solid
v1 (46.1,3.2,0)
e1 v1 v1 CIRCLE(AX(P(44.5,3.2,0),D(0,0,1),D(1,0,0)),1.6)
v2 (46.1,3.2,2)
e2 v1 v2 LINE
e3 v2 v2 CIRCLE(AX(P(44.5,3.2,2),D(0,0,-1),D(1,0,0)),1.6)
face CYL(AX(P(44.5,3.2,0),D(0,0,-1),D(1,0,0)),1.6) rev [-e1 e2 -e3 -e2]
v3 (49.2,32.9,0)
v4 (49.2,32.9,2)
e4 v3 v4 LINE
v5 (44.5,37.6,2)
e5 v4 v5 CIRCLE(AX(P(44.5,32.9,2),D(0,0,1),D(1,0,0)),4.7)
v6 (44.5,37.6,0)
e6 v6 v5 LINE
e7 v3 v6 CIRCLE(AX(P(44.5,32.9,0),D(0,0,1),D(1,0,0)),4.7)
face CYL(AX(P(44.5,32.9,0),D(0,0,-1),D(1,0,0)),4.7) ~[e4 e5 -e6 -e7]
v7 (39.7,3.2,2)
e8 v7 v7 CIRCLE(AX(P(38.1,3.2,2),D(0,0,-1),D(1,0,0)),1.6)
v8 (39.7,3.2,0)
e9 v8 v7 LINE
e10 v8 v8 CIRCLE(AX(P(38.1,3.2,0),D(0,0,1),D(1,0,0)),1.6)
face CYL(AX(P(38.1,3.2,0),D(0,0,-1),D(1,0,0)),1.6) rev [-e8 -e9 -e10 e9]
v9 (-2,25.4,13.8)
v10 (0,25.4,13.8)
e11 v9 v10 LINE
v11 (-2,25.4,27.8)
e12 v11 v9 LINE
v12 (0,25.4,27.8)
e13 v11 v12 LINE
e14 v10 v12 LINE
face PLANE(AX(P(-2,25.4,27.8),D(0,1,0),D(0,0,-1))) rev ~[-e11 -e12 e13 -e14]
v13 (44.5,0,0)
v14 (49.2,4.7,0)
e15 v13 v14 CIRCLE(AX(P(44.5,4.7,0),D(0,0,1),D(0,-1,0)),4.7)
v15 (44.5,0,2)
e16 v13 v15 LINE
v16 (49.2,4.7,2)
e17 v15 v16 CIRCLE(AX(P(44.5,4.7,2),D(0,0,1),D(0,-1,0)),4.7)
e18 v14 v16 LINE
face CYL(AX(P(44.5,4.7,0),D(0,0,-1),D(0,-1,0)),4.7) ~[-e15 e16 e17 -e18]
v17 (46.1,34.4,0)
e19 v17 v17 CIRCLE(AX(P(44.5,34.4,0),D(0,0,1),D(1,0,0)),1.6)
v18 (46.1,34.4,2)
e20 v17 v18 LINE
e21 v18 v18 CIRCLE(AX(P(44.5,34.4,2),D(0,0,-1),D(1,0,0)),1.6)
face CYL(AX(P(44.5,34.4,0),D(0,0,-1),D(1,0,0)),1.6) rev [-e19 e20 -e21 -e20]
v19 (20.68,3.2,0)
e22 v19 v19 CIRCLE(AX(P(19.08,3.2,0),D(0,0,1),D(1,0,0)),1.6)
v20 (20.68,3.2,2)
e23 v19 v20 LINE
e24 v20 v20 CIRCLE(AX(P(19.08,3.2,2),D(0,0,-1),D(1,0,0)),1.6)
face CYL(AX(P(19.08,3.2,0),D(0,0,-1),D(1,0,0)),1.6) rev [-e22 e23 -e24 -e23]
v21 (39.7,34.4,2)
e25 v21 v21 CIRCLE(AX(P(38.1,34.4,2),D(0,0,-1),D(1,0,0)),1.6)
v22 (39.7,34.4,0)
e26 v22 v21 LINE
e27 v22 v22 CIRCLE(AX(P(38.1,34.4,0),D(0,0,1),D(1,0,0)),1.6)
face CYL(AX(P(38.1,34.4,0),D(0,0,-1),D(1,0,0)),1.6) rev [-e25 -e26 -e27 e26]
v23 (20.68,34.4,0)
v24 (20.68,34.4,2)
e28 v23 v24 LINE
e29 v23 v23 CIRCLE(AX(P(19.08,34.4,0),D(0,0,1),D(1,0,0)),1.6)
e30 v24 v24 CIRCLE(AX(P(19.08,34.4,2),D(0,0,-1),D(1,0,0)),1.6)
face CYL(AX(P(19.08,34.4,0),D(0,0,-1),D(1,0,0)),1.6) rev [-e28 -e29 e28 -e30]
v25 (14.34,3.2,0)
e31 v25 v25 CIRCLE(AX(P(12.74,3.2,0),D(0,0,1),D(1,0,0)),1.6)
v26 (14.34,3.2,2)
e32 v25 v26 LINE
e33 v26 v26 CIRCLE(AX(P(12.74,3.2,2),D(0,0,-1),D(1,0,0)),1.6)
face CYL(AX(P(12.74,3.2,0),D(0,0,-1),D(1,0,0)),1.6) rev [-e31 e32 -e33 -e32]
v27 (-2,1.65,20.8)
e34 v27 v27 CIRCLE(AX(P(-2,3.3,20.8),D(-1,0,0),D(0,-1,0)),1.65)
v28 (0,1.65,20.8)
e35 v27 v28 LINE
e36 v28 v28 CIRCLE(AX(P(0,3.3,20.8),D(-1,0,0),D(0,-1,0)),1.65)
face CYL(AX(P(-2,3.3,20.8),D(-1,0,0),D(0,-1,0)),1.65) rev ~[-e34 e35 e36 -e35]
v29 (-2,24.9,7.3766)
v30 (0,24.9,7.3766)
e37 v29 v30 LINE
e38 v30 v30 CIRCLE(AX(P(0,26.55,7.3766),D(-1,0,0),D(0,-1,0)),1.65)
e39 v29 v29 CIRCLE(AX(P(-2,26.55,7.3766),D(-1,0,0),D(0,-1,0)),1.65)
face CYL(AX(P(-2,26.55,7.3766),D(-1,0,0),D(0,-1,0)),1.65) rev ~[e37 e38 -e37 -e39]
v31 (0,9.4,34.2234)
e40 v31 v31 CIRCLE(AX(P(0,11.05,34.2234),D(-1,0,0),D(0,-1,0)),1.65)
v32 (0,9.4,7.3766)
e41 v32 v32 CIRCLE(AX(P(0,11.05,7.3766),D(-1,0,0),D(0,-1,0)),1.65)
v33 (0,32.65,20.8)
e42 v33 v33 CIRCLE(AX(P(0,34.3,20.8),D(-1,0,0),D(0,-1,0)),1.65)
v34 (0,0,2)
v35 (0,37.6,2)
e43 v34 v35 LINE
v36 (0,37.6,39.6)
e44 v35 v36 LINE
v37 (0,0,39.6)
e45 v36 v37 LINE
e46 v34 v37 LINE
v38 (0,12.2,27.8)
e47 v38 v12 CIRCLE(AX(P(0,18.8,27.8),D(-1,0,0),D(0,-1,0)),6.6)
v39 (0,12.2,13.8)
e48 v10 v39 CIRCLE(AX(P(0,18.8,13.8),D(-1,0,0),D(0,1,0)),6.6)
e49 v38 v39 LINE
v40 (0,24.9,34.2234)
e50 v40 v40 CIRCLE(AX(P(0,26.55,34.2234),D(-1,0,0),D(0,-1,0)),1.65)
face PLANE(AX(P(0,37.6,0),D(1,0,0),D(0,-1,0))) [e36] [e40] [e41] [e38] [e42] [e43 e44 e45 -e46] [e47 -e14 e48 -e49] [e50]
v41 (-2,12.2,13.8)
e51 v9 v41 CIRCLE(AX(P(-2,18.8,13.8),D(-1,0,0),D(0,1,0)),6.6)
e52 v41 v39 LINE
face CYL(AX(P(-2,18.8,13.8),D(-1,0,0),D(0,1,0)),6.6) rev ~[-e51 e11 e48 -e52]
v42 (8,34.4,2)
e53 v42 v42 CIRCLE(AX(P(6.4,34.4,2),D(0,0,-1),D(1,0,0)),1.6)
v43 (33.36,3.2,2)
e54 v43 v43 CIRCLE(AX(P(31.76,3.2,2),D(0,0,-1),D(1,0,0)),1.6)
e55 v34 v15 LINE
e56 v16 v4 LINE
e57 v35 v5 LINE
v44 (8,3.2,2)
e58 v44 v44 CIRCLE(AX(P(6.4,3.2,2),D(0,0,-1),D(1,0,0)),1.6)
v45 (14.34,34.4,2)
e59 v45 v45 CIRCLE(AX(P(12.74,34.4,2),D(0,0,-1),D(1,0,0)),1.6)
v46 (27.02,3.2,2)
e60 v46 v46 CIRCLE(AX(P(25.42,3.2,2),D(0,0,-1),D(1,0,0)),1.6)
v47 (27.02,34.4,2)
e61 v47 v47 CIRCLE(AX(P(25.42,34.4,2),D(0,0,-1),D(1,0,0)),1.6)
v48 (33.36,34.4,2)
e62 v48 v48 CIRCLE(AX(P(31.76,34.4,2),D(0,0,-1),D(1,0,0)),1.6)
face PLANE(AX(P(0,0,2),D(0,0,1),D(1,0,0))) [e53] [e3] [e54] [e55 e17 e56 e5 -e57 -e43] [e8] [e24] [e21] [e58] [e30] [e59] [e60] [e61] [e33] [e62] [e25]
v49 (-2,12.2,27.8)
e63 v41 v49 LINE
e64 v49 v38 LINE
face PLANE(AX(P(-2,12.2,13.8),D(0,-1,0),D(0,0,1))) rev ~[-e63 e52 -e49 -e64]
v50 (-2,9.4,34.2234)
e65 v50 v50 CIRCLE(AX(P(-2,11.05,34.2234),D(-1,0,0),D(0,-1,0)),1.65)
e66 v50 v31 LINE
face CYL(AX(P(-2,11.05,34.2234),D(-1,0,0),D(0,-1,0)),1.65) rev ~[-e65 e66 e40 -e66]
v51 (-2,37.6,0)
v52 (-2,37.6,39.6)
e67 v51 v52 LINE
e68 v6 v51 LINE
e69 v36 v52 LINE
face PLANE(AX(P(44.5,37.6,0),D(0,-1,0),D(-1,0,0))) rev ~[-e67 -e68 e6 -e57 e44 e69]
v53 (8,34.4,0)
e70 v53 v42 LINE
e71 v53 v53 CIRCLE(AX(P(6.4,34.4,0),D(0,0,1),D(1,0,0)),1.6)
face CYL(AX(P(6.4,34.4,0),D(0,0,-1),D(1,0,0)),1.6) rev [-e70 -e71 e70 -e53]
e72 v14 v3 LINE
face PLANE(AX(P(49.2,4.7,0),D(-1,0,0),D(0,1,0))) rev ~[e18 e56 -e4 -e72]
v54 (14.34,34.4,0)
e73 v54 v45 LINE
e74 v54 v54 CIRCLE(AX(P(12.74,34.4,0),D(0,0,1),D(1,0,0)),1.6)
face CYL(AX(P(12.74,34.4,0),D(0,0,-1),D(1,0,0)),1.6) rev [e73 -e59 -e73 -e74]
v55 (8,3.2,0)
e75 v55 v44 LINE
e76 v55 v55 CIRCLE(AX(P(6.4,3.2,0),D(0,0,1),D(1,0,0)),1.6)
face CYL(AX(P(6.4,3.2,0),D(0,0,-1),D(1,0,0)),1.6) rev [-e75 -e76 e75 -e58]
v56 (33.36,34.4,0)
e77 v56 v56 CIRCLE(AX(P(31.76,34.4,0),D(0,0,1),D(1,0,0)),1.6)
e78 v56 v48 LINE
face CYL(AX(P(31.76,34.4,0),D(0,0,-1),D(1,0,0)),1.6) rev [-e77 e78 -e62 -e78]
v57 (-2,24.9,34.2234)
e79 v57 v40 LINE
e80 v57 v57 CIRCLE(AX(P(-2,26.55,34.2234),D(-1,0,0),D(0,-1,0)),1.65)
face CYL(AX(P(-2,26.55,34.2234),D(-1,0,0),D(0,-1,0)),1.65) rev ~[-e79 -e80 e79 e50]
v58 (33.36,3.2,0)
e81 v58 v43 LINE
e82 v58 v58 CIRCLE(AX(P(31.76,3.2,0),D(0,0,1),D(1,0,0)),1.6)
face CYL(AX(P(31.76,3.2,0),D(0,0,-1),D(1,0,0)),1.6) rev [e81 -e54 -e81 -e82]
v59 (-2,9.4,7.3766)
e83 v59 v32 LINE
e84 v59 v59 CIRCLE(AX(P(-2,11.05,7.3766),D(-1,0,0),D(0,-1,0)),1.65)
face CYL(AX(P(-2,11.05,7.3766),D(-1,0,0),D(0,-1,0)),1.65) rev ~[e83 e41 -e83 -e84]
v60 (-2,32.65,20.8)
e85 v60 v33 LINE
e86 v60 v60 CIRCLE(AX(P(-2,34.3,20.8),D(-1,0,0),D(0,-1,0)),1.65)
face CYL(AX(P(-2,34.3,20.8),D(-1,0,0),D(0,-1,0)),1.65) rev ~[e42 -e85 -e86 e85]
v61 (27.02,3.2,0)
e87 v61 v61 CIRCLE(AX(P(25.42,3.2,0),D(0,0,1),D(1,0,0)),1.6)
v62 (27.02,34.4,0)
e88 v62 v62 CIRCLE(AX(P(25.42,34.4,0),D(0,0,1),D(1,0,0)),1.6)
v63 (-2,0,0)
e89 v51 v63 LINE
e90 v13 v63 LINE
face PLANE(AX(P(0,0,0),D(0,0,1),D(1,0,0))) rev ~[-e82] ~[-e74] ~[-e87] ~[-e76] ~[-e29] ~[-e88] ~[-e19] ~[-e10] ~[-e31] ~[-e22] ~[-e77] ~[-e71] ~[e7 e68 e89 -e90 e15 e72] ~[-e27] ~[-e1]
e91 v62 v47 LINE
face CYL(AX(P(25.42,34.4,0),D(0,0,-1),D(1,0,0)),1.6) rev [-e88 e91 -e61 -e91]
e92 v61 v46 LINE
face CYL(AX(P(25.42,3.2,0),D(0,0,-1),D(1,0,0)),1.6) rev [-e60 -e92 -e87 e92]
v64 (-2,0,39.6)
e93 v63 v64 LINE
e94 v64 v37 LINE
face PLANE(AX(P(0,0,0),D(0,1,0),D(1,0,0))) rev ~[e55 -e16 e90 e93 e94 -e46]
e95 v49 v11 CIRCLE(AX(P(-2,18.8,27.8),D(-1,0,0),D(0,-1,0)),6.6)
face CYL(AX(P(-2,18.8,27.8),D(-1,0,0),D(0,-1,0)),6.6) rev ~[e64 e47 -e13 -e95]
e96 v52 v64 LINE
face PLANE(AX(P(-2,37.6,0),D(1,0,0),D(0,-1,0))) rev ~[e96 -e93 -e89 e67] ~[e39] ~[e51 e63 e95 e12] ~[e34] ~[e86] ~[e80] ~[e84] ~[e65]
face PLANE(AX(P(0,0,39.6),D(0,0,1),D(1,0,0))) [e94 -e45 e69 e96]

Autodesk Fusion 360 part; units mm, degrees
sketch "Esquisse1" plane through (0, 0, 0) normal (0, 0, 1) x (1, 0, 0)
  line L0 (0, 0) -> (44.5, 0)
  line L1 (49.2, 4.7) -> (49.2, 32.9)
  line L2 (44.5, 37.6) -> (0, 37.6)
  line L3 (0, 37.6) -> (0, 0)
  line L4 (0, 37.6) -> (-2, 37.6)
  line L5 (-2, 37.6) -> (-2, 0)
  line L6 (-2, 0) -> (0, 0)
  line L7 (0, 0) -> (0, 37.6)
  circle A0 centre (6.4, 34.4) radius 1.6
  circle A1 centre (6.4, 3.2) radius 1.6
  circle A2 centre (38.1, 34.4) radius 1.6
  circle A3 centre (44.5, 34.4) radius 1.6
  circle A4 centre (38.1, 3.2) radius 1.6
  circle A5 centre (44.5, 3.2) radius 1.6
  arc A6 (49.2, 32.9) -> (44.5, 37.6) centre (44.5, 32.9) ccw
  arc A7 (44.5, 0) -> (49.2, 4.7) centre (44.5, 4.7) ccw
  circle A8 centre (12.74, 3.2) radius 1.6
  circle A9 centre (19.08, 3.2) radius 1.6
  circle A10 centre (25.42, 3.2) radius 1.6
  circle A11 centre (31.76, 3.2) radius 1.6
  circle A12 centre (12.74, 34.4) radius 1.6
  circle A13 centre (19.08, 34.4) radius 1.6
  circle A14 centre (25.42, 34.4) radius 1.6
  circle A15 centre (31.76, 34.4) radius 1.6
  point P0 (49.2, 0)
  dimension "d1" = 49.2
  dimension "d2" = 37.6
  dimension "d3" = 2
  dimension "d6" = 3.2
  dimension "d7" = 8.4
  dimension "d8" = 3.2
  dimension "d10" = 3.2
  dimension "d11" = 3.2
  dimension "d12" = 8.4
  dimension "d19" = 3.2
  dimension "d20" = 3.2
  dimension "d25" = 3.2
  dimension "d26" = 3.2
  dimension "d27" = 4.7
  dimension "d28" = 4.7
  dimension "d29" = 6.4
  dimension "d30" = 6.4
  dimension "d31" = 4.7
  dimension "d32" = 4.7
  dimension "d48" = 3.2
  dimension "d49" = 3.2
  dimension "d50" = 3.2
  dimension "d51" = 3.2
  dimension "d52" = 3.2
  dimension "d53" = 3.2
  dimension "d54" = 3.2
  dimension "d55" = 3.2
extrude "Extrusion1" add sketch "Esquisse1" along normal blind 2 contours L0 L1 L2 L3 L7 A6 A7 | L3 L4 L5 L6 L7 | A0 | A1 | A2 | A3 | A4 | A5 | A8 | A9 | A10 | A11 | A12 | A13 | A14 | A15 makes body 1
extrude "Extrusion3" add sketch "Esquisse1" along normal blind 39.6 contours L3 L4 L5 L6 L7 bodies 1
sketch "Esquisse2" plane through (-2, 0, 0) normal (-1, 0, 0) x (0, -1, 0)
  line L0 (-37.6, 0) -> (0, 0)
  line L1 (0, 0) -> (0, 39.6)
  line L2 (0, 39.6) -> (-37.6, 39.6)
  line L3 (-37.6, 39.6) -> (-37.6, 0)
  circle A0 centre (-3.3, 20.8) radius 1.65
  circle A1 centre (-11.05, 34.2234) radius 1.65
  circle A2 centre (-26.55, 34.2234) radius 1.65
  circle A3 centre (-34.3, 20.8) radius 1.65
  circle A4 centre (-26.55, 7.3766) radius 1.65
  circle A5 centre (-11.05, 7.3766) radius 1.65
  line L4 (-25.4, 27.8) -> (-25.4, 13.8)
  line L5 (-12.2, 13.8) -> (-12.2, 27.8)
  line L6 (-12.2, 27.8) -> (-25.4, 13.8) construction
  line L7 (-25.4, 27.8) -> (-12.2, 13.8) construction
  arc A6 (-12.2, 27.8) -> (-25.4, 27.8) centre (-18.8, 27.8) ccw
  arc A7 (-25.4, 13.8) -> (-12.2, 13.8) centre (-18.8, 13.8) ccw
  arc A8 (-18.8, 39.6) -> (-37.6, 20.8) centre (-18.8, 20.8) ccw
  arc A9 (0, 20.8) -> (-18.8, 39.6) centre (-18.8, 20.8) ccw
  point P0 (-18.8, 20.8)
  dimension "d39" = 3.3
  dimension "d42" = 13.2
  dimension "d43" = 14
extrude "Extrusion4" cut sketch "Esquisse2" against normal blind 19 contours A0 | A1 | A2 | A3 | A4 | A5 | L4 L5 A6 A7 bodies 1
extrude "Extrusion5" cut sketch "Esquisse1" along normal blind 8 contours A0 | A1 | A2 | A3 | A4 | A5 | A8 | A9 | A10 | A11 | A12 | A13 | A14 | A15 bodies 1
copy_body "Corps->Comp3" bodies 1 removing the originals makes body 2 in component "Component"
component "Component" placed x (1, 0, 0) y (0, 1, 0) z (0, 0, 1) at (0, 0, 0)
